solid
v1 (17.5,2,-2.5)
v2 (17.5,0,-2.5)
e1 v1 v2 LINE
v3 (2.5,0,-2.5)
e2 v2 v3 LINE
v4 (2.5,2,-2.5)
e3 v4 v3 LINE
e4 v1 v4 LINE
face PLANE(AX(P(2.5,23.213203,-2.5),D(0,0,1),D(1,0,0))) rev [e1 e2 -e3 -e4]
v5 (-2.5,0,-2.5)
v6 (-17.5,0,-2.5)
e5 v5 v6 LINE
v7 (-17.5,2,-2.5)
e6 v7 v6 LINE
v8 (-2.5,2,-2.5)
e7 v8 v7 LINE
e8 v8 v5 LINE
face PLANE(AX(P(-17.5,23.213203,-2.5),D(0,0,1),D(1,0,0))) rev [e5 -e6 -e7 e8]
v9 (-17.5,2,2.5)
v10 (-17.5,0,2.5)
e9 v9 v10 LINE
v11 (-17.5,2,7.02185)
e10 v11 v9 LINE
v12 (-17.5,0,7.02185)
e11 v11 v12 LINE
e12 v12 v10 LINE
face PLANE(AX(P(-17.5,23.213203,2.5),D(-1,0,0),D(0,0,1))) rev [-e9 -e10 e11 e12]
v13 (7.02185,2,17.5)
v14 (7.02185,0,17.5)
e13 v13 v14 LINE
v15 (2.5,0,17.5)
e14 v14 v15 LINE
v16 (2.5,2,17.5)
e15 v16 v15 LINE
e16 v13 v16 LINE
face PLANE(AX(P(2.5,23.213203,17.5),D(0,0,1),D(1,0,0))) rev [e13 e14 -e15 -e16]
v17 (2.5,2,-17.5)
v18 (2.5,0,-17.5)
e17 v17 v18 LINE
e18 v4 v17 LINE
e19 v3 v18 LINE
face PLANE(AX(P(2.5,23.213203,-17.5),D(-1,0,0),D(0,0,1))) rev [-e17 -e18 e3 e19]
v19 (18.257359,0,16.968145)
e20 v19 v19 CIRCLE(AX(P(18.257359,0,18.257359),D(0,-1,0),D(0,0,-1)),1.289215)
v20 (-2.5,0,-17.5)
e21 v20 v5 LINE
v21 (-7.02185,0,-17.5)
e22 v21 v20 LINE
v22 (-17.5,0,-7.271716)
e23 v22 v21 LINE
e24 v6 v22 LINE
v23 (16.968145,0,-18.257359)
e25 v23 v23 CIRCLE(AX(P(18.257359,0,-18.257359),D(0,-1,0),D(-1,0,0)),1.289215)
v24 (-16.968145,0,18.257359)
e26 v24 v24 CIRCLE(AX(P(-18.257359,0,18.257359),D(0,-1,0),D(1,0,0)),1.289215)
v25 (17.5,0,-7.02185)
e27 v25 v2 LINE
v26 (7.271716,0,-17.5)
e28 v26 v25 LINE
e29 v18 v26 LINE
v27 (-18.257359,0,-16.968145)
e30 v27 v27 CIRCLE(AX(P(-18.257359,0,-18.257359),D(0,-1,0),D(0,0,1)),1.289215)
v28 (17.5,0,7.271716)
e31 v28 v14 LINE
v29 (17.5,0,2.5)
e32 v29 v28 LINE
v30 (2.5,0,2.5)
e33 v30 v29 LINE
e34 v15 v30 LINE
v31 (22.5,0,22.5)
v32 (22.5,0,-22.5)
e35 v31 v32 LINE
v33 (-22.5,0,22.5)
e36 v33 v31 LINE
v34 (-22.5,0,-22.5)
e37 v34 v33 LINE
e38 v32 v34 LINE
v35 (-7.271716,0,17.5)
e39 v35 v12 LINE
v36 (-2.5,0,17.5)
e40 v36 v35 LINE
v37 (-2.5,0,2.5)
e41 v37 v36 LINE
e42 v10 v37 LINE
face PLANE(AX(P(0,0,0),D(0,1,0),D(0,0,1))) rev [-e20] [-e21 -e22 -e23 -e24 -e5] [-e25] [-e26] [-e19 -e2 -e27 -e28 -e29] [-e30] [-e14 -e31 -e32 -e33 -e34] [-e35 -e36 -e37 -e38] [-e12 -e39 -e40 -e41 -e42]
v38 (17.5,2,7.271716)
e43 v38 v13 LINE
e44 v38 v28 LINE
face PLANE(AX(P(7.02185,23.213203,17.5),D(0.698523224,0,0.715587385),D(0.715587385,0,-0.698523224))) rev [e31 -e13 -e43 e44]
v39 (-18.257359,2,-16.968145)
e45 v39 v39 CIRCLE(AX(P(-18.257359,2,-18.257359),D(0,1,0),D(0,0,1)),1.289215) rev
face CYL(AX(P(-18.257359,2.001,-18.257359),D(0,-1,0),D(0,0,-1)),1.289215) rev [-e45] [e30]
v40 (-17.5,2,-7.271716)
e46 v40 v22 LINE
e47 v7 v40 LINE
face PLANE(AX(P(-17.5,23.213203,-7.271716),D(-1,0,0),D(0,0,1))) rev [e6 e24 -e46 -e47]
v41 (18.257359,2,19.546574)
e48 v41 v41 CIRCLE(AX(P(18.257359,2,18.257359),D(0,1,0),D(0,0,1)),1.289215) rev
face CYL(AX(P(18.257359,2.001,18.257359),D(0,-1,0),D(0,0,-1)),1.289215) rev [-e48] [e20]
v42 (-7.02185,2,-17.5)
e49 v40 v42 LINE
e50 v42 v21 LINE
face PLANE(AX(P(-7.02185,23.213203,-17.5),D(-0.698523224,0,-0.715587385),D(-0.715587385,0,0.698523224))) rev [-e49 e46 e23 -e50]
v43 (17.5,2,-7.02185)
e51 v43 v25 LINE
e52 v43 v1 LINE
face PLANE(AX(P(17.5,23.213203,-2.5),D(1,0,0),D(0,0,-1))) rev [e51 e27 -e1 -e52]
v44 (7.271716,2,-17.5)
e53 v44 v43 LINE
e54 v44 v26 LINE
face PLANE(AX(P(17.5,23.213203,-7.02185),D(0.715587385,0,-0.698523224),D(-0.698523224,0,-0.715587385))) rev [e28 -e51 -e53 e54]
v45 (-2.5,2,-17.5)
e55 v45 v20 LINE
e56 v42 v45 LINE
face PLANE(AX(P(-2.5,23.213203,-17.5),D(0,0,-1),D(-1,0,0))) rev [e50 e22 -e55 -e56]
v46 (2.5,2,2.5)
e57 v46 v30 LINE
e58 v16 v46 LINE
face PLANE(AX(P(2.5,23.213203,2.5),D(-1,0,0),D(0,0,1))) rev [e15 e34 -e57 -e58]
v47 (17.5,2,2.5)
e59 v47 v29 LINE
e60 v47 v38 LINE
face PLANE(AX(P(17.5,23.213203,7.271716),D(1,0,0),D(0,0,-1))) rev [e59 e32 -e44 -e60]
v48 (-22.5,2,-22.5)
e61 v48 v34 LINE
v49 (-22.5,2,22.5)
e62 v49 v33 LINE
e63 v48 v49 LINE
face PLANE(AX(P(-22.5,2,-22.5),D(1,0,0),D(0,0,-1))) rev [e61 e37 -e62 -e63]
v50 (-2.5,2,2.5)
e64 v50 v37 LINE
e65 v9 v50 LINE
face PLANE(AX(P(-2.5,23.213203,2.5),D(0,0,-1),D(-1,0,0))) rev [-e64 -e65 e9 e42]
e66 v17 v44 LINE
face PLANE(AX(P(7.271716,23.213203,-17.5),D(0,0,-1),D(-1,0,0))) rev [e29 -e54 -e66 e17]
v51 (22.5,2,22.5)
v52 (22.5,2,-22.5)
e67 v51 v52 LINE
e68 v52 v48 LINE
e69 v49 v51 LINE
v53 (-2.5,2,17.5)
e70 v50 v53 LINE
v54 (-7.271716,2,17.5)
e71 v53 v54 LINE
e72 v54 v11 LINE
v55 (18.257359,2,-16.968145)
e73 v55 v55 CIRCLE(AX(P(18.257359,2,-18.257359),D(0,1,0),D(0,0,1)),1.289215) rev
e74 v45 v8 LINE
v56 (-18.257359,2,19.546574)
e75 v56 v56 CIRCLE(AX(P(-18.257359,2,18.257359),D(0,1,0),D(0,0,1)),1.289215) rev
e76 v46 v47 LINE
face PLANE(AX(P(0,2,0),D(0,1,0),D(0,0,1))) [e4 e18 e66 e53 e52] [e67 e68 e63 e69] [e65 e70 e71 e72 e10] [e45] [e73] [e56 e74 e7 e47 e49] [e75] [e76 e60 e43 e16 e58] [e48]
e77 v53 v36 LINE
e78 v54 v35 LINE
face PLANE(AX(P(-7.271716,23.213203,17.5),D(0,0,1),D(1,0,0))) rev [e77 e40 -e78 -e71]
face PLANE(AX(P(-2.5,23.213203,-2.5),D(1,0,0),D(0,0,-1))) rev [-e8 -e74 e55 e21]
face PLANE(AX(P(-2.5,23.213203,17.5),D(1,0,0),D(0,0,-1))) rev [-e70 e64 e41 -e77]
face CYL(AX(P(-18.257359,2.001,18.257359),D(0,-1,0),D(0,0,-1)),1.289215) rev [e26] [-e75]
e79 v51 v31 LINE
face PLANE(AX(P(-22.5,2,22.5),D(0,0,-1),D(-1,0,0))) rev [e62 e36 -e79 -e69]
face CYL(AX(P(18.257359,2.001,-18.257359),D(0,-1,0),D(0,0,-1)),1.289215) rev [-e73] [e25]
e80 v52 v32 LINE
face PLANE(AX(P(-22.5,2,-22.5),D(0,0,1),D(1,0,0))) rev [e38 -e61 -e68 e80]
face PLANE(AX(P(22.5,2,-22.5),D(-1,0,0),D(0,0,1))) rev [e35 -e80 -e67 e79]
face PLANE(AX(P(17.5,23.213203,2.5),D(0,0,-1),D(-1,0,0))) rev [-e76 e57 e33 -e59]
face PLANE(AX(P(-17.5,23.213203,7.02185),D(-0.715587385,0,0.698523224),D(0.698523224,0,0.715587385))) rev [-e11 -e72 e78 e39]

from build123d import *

# Parameters (mm, degrees)
SKETCH2_W           = 45
SKETCH2_H           = 45
BOSS_EXTRUDE1_DEPTH = 2
CUT_EXTRUDE1_DEPTH  = 2
SKETCH7_R           = 1.289214756
CUT_EXTRUDE2_DEPTH  = 2
CIRPATTERN1_COUNT   = 4


with BuildPart() as part:
    # Sketch2 → Boss-Extrude1 (new body)
    with BuildSketch(Plane(origin=(0, 0, 0), x_dir=(1, 0, 0), z_dir=(0, 1, 0))):
        Rectangle(SKETCH2_W, SKETCH2_H)
    extrude(amount=BOSS_EXTRUDE1_DEPTH)

    # Sketch4 → Cut-Extrude1 (cut)
    with BuildSketch(Plane.XZ):
        Polygon((7.021849723, 17.5), (17.5, 7.271715562), (17.5, 2.5), (2.5, 2.5), (2.5, 17.5), align=None)
    cut_extrude1 = extrude(amount=-CUT_EXTRUDE1_DEPTH, mode=Mode.SUBTRACT)

    # Sketch7 → Cut-Extrude2 (cut)
    with BuildSketch(Plane.XZ):
        with Locations((18.257359313, 18.257359313)):
            Circle(SKETCH7_R)
    cut_extrude2 = extrude(amount=-CUT_EXTRUDE2_DEPTH, mode=Mode.SUBTRACT)

    # CirPattern1: Cut-Extrude1, Cut-Extrude2 ×4 about axis
    cirpattern1_axis = Axis((0, 0, 0), (0, 1, 0))
    for i in range(1, CIRPATTERN1_COUNT):
        add(cut_extrude1.rotate(cirpattern1_axis, i * 360 / CIRPATTERN1_COUNT), mode=Mode.SUBTRACT)
        add(cut_extrude2.rotate(cirpattern1_axis, i * 360 / CIRPATTERN1_COUNT), mode=Mode.SUBTRACT)


solid = part.part
